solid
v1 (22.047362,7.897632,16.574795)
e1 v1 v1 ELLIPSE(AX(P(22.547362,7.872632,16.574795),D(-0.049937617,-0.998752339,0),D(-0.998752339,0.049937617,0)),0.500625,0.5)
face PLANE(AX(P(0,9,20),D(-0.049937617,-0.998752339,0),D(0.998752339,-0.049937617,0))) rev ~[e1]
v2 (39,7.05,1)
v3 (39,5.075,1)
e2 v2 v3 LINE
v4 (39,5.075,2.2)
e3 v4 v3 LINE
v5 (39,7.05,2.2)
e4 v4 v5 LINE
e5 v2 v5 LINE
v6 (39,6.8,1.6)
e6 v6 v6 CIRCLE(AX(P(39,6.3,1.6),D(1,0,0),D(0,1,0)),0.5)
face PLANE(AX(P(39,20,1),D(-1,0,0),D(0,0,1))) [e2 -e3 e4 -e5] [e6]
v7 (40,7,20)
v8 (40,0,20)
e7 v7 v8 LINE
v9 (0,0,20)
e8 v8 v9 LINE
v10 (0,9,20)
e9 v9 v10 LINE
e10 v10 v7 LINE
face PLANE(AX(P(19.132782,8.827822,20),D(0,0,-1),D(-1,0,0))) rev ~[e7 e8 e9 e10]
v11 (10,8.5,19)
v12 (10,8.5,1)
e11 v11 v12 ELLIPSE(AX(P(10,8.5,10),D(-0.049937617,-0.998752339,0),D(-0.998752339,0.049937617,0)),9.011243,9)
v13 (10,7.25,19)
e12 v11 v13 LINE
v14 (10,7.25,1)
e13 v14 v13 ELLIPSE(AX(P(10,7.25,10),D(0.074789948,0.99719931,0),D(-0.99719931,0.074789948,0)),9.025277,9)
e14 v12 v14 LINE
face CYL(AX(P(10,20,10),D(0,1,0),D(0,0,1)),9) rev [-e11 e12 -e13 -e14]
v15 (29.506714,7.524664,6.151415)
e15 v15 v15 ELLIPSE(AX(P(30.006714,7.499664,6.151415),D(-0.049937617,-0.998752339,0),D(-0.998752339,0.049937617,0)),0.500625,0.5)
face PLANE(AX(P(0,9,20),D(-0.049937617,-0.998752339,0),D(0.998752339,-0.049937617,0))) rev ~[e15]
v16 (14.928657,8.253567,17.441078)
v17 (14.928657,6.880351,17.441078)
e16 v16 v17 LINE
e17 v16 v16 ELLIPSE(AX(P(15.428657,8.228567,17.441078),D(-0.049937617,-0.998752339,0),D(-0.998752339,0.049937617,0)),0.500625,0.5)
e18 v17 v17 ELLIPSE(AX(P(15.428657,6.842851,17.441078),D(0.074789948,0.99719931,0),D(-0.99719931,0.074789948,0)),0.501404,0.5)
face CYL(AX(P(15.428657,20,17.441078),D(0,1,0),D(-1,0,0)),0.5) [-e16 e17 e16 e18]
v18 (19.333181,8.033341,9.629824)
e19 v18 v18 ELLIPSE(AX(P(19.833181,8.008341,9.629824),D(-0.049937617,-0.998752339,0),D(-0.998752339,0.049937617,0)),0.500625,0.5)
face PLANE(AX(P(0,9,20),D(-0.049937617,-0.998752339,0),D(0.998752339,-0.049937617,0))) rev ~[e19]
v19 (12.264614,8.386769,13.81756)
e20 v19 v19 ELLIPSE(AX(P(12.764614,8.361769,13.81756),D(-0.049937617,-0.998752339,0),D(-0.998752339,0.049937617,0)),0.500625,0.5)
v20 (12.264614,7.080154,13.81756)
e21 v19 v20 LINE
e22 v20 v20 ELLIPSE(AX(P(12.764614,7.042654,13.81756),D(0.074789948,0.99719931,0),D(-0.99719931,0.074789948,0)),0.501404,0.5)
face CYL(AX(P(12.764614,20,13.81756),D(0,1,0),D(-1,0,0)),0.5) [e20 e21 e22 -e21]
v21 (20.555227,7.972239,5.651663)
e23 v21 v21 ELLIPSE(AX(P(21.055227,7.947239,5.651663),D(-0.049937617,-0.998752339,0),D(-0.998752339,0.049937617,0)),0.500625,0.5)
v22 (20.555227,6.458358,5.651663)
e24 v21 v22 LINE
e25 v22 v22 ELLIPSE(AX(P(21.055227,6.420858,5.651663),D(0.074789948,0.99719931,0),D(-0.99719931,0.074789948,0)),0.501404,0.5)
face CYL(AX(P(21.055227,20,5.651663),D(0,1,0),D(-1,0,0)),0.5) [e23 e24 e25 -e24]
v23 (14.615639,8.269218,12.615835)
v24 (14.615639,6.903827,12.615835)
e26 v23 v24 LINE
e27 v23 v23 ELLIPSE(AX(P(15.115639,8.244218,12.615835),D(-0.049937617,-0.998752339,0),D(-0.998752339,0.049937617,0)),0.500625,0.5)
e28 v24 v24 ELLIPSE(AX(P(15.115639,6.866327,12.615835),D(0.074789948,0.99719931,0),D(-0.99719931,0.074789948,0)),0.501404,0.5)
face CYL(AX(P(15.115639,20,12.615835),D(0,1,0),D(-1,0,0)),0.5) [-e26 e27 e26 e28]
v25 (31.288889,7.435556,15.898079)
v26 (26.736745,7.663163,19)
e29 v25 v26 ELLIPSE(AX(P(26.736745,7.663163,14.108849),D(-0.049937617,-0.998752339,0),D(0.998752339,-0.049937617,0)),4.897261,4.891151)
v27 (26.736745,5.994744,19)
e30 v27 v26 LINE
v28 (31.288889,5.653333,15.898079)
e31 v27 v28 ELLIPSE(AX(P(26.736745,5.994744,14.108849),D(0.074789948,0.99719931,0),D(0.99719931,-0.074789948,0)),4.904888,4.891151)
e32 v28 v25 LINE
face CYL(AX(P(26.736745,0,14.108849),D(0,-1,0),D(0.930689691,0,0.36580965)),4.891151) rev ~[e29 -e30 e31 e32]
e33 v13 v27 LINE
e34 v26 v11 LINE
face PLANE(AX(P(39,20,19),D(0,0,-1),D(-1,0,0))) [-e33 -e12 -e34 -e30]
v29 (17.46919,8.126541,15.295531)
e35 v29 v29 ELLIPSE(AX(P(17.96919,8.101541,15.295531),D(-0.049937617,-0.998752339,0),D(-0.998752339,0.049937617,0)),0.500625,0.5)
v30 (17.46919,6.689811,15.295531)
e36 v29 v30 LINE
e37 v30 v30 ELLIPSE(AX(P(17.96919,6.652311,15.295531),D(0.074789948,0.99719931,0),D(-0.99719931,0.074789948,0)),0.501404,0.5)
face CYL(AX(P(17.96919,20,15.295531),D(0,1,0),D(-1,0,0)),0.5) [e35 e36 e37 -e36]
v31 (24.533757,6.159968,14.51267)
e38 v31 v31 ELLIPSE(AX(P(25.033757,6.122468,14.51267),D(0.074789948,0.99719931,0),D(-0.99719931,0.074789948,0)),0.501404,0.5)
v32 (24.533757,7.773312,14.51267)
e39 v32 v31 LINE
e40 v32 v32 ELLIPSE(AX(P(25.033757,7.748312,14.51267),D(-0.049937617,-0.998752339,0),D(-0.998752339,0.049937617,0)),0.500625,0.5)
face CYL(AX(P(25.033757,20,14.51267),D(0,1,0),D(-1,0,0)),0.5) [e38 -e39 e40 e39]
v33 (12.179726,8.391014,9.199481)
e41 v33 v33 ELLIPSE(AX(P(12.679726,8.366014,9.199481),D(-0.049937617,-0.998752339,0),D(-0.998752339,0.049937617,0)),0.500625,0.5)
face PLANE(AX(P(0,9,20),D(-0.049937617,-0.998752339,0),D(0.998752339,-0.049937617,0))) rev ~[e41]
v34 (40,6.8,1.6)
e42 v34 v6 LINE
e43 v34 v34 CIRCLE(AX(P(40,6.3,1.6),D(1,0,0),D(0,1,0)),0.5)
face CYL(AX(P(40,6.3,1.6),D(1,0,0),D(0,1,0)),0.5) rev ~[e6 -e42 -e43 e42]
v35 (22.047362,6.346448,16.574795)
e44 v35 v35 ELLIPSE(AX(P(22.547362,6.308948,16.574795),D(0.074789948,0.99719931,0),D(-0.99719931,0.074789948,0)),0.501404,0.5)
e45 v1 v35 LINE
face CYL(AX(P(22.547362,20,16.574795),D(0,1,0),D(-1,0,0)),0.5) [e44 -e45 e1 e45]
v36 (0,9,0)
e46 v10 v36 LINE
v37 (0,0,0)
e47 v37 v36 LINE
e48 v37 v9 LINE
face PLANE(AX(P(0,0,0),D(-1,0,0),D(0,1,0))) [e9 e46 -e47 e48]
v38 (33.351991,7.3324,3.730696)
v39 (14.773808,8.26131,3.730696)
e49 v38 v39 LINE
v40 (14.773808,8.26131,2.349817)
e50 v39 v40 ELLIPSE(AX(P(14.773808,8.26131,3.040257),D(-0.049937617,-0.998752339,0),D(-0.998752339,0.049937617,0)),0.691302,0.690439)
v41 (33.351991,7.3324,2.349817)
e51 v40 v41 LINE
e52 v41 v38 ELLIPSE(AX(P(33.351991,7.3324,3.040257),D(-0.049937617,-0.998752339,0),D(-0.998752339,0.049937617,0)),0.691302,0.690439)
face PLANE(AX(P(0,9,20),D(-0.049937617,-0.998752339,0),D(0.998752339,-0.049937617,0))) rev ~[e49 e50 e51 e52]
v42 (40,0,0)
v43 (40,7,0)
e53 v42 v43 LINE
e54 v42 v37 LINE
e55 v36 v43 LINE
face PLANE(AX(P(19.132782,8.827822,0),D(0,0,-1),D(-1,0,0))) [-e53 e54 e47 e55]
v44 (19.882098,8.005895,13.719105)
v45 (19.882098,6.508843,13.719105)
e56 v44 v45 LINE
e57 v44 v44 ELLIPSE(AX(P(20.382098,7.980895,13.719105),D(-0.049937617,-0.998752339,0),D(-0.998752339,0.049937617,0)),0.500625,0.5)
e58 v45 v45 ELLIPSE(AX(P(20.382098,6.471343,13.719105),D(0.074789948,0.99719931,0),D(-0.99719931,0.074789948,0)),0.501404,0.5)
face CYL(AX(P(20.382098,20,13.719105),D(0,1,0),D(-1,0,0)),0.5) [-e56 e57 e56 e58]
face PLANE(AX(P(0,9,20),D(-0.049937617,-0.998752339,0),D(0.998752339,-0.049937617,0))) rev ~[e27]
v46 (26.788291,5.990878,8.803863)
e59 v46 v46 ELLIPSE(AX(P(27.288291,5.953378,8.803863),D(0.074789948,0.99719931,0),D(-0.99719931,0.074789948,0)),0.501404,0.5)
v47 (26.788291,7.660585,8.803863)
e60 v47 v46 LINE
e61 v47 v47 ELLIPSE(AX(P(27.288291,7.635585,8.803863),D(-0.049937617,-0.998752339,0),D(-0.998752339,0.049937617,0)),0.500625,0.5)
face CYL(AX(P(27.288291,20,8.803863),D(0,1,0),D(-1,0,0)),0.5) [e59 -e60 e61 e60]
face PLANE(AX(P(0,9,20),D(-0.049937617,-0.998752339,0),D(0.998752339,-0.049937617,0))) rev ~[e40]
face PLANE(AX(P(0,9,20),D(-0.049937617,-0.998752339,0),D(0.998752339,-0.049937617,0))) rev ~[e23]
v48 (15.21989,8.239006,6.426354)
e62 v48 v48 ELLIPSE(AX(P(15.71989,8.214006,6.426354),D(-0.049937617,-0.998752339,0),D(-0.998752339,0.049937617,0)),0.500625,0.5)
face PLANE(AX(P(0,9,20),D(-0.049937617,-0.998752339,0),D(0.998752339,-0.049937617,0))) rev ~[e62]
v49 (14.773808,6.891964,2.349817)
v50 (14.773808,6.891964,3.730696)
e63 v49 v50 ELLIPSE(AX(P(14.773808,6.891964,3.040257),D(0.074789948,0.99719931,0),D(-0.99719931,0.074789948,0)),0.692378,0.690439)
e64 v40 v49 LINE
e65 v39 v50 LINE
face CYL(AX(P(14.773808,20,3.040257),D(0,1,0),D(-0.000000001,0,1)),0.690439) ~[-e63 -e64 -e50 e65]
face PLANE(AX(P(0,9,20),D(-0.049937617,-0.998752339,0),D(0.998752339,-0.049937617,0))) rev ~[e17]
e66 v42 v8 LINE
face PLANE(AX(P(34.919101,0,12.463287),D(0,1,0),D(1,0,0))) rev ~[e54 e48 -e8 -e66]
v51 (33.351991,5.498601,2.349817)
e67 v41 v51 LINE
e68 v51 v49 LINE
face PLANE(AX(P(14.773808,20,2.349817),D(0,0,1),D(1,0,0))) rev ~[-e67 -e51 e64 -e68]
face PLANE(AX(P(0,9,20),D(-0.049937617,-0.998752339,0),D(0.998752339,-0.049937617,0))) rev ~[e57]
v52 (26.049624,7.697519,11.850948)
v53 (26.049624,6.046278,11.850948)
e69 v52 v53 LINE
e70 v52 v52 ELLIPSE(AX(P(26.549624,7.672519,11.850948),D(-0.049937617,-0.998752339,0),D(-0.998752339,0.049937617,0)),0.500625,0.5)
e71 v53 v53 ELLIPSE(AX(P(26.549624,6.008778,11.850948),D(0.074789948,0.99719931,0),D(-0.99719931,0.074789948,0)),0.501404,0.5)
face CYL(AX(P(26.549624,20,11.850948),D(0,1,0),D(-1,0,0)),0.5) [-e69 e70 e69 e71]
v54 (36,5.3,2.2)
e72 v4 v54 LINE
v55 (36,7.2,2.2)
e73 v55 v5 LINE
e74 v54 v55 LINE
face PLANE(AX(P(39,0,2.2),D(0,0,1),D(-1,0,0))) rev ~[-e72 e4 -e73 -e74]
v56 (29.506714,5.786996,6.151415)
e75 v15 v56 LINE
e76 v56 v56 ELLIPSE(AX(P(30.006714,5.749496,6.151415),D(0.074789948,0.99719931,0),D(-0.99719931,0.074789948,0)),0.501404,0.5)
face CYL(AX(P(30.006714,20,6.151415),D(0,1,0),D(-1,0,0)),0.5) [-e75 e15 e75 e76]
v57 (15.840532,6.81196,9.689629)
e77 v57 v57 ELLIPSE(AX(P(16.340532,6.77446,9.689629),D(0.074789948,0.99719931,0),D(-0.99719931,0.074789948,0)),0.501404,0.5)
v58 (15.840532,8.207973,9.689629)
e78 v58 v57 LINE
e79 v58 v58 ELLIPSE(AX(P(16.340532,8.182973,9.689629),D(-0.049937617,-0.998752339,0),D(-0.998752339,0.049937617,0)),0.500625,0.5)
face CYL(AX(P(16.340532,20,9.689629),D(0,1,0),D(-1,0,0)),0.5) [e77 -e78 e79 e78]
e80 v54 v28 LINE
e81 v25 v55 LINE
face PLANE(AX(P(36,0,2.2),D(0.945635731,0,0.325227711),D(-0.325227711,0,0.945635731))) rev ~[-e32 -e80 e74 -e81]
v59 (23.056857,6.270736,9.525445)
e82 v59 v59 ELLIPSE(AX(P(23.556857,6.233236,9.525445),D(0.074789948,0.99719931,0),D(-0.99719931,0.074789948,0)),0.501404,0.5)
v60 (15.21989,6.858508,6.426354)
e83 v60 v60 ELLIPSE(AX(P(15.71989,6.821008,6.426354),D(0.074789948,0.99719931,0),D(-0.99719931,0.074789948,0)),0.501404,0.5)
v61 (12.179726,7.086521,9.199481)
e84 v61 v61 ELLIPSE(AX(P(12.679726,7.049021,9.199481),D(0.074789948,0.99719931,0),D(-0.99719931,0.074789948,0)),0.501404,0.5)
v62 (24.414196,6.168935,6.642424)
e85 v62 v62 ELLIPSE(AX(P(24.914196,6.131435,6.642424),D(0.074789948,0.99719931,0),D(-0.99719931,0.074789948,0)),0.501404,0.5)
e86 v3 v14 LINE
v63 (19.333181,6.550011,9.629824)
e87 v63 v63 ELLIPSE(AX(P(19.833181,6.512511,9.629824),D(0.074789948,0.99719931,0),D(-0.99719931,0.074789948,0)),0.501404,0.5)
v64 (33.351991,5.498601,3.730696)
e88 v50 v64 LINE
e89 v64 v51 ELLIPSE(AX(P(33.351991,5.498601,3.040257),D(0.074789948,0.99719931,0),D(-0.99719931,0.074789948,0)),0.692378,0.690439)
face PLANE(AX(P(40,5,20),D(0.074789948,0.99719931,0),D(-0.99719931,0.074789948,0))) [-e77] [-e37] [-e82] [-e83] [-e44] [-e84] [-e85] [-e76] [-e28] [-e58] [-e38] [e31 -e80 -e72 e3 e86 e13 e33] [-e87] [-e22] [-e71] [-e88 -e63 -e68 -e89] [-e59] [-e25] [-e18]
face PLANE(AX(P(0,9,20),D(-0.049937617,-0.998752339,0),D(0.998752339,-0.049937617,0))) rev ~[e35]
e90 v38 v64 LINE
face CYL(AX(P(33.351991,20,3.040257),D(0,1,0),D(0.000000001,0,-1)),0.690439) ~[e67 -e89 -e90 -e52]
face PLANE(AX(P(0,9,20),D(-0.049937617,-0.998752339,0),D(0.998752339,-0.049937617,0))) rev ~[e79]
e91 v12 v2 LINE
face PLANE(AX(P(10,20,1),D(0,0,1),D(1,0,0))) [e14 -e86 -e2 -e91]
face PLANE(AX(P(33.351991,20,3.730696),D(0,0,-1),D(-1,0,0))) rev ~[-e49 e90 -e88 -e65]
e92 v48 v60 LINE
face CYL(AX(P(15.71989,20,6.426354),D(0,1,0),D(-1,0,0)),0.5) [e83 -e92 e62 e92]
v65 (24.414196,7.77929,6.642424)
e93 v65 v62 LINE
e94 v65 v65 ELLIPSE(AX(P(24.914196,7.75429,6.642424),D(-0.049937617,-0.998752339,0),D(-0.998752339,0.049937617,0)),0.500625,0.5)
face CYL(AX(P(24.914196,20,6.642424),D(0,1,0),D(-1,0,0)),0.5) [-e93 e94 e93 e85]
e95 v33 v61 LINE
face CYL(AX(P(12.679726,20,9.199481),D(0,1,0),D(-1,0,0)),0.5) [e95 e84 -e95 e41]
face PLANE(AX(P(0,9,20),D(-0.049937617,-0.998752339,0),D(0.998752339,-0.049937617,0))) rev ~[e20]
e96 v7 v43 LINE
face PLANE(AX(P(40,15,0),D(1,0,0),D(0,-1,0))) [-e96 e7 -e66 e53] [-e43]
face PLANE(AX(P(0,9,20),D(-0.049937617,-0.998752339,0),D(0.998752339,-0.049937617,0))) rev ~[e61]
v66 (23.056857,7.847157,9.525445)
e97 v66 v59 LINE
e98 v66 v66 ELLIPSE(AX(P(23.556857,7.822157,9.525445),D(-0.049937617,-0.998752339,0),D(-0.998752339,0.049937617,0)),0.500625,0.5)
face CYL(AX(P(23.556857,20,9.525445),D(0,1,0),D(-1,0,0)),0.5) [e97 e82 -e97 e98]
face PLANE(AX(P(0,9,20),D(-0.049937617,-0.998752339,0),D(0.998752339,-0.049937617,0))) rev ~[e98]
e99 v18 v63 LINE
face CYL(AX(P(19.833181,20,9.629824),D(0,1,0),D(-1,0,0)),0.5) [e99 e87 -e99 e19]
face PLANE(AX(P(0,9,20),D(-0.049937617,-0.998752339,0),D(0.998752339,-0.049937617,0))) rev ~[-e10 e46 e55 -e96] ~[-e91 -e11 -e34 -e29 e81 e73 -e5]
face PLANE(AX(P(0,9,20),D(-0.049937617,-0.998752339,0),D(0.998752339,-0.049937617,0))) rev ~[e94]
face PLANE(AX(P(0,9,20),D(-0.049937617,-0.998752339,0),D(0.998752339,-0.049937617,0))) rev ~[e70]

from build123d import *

# Parameters (mm, degrees)
EXTRUDE_1_DEPTH      = 20
CUT_EXTRUDE_START    = 20
SKETCH_4_R           = 0.5
CUT_EXTRUDE_6_DEPTH  = 15
EXTRUDE_2_DEPTH      = 10
EXTRUDE_3_DEPTH      = 20
CUT_EXTRUDE_7_DEPTH  = 20
SKETCH_12_R          = 0.5
CUT_EXTRUDE_10_DEPTH = 20
CUT_EXTRUDE_15_DEPTH = 20
SKETCH_15_R          = 0.5
CUT_EXTRUDE_16_DEPTH = 1


with BuildPart() as part:
    # 草圖2 → 填料-伸長1 (new body)
    with BuildSketch(Plane.XY):
        Polygon((0, 0), (0, 20), (40, 15), (40, 0), align=None)
    extrude(amount=EXTRUDE_1_DEPTH)

    # 草圖4 → 除料-伸長6 (cut)
    with BuildSketch(Plane(origin=(1.235539726, 0, 0), x_dir=(1, 0, 0), z_dir=(0, 1, 0)).offset(CUT_EXTRUDE_START)):
        with BuildLine():
            Line((8.764460274, -1), (37.764460274, -1))
            Line((37.764460274, -1), (37.764460274, -19))
            Line((37.764460274, -19), (8.764460274, -19))
            ThreePointArc((8.764460274, -19), (-0.235539726, -10), (8.764460274, -1))
        make_face()
        with Locations((14.484350187, -6.426353647)):
            Circle(SKETCH_4_R, mode=Mode.SUBTRACT)
        with Locations((13.880099762, -12.615834701)):
            Circle(SKETCH_4_R, mode=Mode.SUBTRACT)
        with Locations((18.597641111, -9.629824046)):
            Circle(SKETCH_4_R, mode=Mode.SUBTRACT)
        with Locations((23.67865621, -6.642424392)):
            Circle(SKETCH_4_R, mode=Mode.SUBTRACT)
        with Locations((23.798217352, -14.512669522)):
            Circle(SKETCH_4_R, mode=Mode.SUBTRACT)
        with Locations((19.146558444, -13.71910453)):
            Circle(SKETCH_4_R, mode=Mode.SUBTRACT)
        with Locations((22.321317197, -9.525445181)):
            Circle(SKETCH_4_R, mode=Mode.SUBTRACT)
        with Locations((26.052750908, -8.803862679)):
            Circle(SKETCH_4_R, mode=Mode.SUBTRACT)
        with Locations((25.314084108, -11.850948182)):
            Circle(SKETCH_4_R, mode=Mode.SUBTRACT)
        with Locations((28.771173887, -6.151414905)):
            Circle(SKETCH_4_R, mode=Mode.SUBTRACT)
        with Locations((19.819687009, -5.651663075)):
            Circle(SKETCH_4_R, mode=Mode.SUBTRACT)
        with Locations((11.444186287, -9.199481051)):
            Circle(SKETCH_4_R, mode=Mode.SUBTRACT)
        with Locations((11.529073964, -13.817559785)):
            Circle(SKETCH_4_R, mode=Mode.SUBTRACT)
        with Locations((14.193117081, -17.441077825)):
            Circle(SKETCH_4_R, mode=Mode.SUBTRACT)
        with Locations((16.733650127, -15.295531213)):
            Circle(SKETCH_4_R, mode=Mode.SUBTRACT)
        with Locations((21.311821949, -16.574794778)):
            Circle(SKETCH_4_R, mode=Mode.SUBTRACT)
        with Locations((15.10499253, -9.689628951)):
            Circle(SKETCH_4_R, mode=Mode.SUBTRACT)
        with BuildLine():
            Line((13.53826807, -2.349817412), (32.116451532, -2.349817412))
            ThreePointArc((32.116451532, -2.349817412), (32.806890875, -3.040256756), (32.116451532, -3.730696099))
            Line((32.116451532, -3.730696099), (13.53826807, -3.730696099))
            ThreePointArc((13.53826807, -3.730696099), (12.847828727, -3.040256756), (13.53826807, -2.349817412))
        make_face(mode=Mode.SUBTRACT)
    extrude(amount=-CUT_EXTRUDE_6_DEPTH, mode=Mode.SUBTRACT)

    # 草圖4<5> → 填料-伸長2 (add)
    with BuildSketch(Plane(origin=(1.235539726, 0, 0), x_dir=(1, 0, 0), z_dir=(0, 1, 0))):
        with BuildLine():
            Line((37.764460274, -19), (37.764460274, -2.2))
            Line((37.764460274, -2.2), (34.764460274, -2.2))
            Line((34.764460274, -2.2), (30.053349233, -15.898079159))
            ThreePointArc((30.053349233, -15.898079159), (28.25547142, -18.150801067), (25.501205312, -19))
            Line((25.501205312, -19), (37.764460274, -19))
        make_face()
    extrude(amount=EXTRUDE_2_DEPTH)

    # 草圖9 → 填料-伸長3 (add)
    with BuildSketch(Plane.XY.offset(20)):
        Polygon((0, 0), (40, 0), (40, 5), (0, 8), align=None)
    extrude(amount=-EXTRUDE_3_DEPTH)

    # 草圖11 → 除料-伸長7 (cut)
    with BuildSketch(Plane.XY.offset(20)):
        Polygon((0, 20), (0, 10), (40, 10), (40, 15), align=None)
    extrude(amount=-CUT_EXTRUDE_7_DEPTH, mode=Mode.SUBTRACT)

    # 草圖12 → 除料-伸長10 (cut)
    with BuildSketch(Plane(origin=(40, 0, 0), x_dir=(0, 0, -1), z_dir=(1, 0, 0))):
        with Locations((-1.6, 9)):
            Circle(SKETCH_12_R)
    extrude(amount=-CUT_EXTRUDE_10_DEPTH, mode=Mode.SUBTRACT)

    # 草圖14 → 除料-伸長15 (cut)
    with BuildSketch(Plane.XY.offset(20)):
        Polygon((40, 10), (0, 10), (0, 9), (40, 7), align=None)
    extrude(amount=-CUT_EXTRUDE_15_DEPTH, mode=Mode.SUBTRACT)

    # 草圖15 → 除料-伸長16 (cut)
    with BuildSketch(Plane(origin=(40, 0, 0), x_dir=(0, 0, -1), z_dir=(1, 0, 0))):
        with Locations((-1.6, 6.3)):
            Circle(SKETCH_15_R)
    extrude(amount=-CUT_EXTRUDE_16_DEPTH, mode=Mode.SUBTRACT)


solid = part.part
